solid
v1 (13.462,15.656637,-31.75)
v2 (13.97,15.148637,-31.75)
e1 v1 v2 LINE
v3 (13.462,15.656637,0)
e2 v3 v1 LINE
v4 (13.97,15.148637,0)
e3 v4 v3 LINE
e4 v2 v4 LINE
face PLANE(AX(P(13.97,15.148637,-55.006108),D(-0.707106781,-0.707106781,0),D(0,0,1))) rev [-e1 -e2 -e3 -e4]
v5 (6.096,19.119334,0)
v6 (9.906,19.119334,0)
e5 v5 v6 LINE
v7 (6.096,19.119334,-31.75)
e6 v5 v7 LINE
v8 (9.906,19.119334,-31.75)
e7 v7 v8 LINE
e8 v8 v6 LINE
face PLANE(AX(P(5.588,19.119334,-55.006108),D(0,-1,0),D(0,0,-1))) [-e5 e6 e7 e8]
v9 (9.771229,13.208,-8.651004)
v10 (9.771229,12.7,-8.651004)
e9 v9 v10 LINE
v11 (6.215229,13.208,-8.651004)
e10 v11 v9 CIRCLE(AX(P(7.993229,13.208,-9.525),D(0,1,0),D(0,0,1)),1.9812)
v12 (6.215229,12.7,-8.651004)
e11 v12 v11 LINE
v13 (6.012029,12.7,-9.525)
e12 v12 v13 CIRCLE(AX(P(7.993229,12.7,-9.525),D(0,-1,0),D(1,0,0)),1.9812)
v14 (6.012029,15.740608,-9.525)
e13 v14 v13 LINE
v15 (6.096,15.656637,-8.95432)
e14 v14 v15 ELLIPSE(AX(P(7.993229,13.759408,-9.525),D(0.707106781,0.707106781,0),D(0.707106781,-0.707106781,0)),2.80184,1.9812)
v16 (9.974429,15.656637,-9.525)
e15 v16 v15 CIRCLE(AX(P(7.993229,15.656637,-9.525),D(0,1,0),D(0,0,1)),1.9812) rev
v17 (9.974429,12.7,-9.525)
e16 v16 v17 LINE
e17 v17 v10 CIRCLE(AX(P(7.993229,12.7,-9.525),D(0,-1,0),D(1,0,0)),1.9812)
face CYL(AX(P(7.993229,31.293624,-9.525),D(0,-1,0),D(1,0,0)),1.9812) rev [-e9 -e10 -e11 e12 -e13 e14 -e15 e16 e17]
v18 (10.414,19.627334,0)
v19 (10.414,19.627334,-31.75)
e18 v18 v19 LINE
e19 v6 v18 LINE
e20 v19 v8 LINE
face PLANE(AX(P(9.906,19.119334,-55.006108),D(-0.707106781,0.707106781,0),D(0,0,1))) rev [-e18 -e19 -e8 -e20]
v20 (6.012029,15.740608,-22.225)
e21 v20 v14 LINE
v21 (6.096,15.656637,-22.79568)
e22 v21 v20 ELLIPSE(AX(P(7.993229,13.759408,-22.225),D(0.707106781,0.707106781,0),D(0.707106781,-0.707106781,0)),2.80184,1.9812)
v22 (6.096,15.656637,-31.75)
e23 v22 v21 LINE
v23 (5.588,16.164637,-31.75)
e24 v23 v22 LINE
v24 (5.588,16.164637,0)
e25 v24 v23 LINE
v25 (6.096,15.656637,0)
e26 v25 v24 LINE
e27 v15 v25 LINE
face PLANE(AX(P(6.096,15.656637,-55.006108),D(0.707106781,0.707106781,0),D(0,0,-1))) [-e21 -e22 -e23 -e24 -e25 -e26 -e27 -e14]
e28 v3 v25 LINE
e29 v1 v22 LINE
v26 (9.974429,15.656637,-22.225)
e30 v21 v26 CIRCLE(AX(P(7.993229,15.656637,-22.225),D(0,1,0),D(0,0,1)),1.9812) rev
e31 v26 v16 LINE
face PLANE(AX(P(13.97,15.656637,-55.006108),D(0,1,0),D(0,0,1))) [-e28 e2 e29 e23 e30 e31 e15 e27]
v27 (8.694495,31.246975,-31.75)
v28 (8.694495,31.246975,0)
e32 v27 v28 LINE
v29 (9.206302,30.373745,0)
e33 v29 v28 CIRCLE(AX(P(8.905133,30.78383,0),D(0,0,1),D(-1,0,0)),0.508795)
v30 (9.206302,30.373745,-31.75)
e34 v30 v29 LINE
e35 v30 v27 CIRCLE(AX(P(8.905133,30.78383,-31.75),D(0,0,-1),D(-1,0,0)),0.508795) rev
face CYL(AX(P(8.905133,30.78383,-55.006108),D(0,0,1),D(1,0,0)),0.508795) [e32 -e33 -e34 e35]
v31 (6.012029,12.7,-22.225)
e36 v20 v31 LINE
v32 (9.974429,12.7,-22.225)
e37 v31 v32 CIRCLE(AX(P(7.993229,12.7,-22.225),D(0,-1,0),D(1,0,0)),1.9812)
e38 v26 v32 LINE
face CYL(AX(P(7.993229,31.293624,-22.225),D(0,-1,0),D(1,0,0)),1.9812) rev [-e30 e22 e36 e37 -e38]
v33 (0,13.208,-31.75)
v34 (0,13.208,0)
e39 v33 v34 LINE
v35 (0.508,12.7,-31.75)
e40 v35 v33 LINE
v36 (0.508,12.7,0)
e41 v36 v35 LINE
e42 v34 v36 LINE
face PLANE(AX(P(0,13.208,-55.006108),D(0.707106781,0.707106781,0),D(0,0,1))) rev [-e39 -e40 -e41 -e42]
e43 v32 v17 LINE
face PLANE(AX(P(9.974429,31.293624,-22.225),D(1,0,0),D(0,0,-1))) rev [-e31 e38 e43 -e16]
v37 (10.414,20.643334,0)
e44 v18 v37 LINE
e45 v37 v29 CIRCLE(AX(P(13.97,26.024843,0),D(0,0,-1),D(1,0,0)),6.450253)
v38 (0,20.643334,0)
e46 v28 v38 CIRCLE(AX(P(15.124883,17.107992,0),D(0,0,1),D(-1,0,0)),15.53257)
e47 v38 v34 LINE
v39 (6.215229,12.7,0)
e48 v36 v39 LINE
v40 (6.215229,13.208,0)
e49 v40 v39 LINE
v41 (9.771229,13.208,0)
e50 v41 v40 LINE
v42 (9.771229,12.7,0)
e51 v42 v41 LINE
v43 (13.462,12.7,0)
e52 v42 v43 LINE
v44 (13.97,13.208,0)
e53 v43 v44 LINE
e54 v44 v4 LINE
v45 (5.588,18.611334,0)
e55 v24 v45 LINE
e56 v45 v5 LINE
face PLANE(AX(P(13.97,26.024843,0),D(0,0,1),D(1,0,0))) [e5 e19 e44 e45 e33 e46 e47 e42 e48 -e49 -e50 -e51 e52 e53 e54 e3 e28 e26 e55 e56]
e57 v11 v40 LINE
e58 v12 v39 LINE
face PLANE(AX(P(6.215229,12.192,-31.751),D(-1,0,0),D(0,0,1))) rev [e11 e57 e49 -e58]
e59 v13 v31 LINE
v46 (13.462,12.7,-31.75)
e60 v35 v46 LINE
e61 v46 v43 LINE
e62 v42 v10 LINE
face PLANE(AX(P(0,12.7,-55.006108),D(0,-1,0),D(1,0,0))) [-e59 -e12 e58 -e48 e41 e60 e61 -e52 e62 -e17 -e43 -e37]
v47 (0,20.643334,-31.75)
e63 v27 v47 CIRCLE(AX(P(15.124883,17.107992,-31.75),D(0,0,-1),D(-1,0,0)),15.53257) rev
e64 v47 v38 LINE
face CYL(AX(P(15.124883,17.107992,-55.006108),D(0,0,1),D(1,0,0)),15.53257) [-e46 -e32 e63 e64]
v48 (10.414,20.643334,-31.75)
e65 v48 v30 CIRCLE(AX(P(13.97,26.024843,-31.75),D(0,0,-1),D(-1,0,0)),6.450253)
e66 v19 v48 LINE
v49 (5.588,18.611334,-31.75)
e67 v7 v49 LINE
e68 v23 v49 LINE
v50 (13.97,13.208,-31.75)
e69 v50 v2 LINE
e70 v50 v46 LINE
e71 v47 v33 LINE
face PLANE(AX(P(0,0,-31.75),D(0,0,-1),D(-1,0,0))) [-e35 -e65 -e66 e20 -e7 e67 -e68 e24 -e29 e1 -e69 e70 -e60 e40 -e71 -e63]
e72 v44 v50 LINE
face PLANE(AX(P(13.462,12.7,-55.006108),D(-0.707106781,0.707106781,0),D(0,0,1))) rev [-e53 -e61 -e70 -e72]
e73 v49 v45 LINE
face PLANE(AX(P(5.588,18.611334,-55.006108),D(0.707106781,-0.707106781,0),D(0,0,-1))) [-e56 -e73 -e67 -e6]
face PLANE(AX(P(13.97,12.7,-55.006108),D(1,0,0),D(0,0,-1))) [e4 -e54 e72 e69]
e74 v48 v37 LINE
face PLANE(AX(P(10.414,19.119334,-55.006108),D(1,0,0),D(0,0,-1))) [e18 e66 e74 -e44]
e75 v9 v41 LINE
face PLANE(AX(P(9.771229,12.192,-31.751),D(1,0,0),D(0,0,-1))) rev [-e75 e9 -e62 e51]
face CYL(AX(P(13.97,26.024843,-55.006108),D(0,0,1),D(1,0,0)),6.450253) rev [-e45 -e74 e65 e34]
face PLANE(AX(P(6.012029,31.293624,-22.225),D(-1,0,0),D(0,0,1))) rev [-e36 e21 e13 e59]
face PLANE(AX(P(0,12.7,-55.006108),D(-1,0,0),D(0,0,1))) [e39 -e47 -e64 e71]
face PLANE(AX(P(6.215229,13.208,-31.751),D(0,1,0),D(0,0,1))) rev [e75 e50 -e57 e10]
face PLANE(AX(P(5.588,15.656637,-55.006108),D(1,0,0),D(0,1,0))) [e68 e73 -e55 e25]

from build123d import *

# Parameters (mm, degrees)
BOSS_EXTRUDE1_DEPTH     = 31.75
CHAMFER1_SIZE           = 0.508
BOSS_EXTRUDE2_DEPTH     = 2.956637053
CUT_EXTRUDE1_REACH      = 41.356
CUT_EXTRUDE2_REACH      = 48.717
CUT_EXTRUDE2_END_RADIUS = 1.9812
SKETCH7_W               = 3.556
SKETCH7_H               = 1.016


with BuildPart() as part:
    # Sketch1 → Boss-Extrude1 (new body)
    with BuildSketch(Plane.XY):
        with BuildLine():
            Line((0, 12.7), (13.97, 12.7))
            Line((13.97, 12.7), (13.97, 15.656637053))
            Line((13.97, 15.656637053), (5.588, 15.656637053))
            Line((5.588, 15.656637053), (5.588, 19.119334391))
            Line((5.588, 19.119334391), (10.414, 19.119334391))
            Line((10.414, 19.119334391), (10.414, 20.643334391))
            ThreePointArc((10.414, 20.643334391), (7.568862019, 25.230360252), (9.20630181, 30.373745063))
            ThreePointArc((9.20630181, 30.373745063), (9.344088063, 31.041104373), (8.694495233, 31.246974853))
            ThreePointArc((8.694495233, 31.246974853), (3.113774689, 26.956545429), (0, 20.643334391))
            Line((0, 20.643334391), (0, 12.7))
        make_face()
    extrude(amount=-BOSS_EXTRUDE1_DEPTH)

    # Chamfer1
    chamfer1_edges = [part.edges().sort_by_distance(p)[0] for p in [
        (0, 12.7, -15.875),
        (13.97, 12.7, -15.875),
        (13.97, 15.656637053, -15.875),
        (5.588, 15.656637053, -15.875),
        (5.588, 19.119334391, -15.875),
        (10.414, 19.119334391, -15.875),
    ]]
    chamfer(chamfer1_edges, length=CHAMFER1_SIZE)

    # Sketch4 → Boss-Extrude2 (add)
    with BuildSketch(Plane.XZ.offset(-12.7)):
        with BuildLine():
            Line((6.012029018, -22.225), (6.012029018, -9.525))
            ThreePointArc((6.012029018, -9.525), (7.993229018, -7.5438), (9.974429018, -9.525))
            Line((9.974429018, -9.525), (9.974429018, -22.225))
            ThreePointArc((9.974429018, -22.225), (7.993229018, -24.2062), (6.012029018, -22.225))
        make_face()
    extrude(amount=-BOSS_EXTRUDE2_DEPTH)

    # Sketch5 → Cut-Extrude1 (cut, up to next)
    with BuildSketch(Plane.XZ.offset(-12.7), mode=Mode.PRIVATE) as cut_extrude1_sk1:
        with BuildLine():
            Line((6.012029018, -22.225), (6.012029018, -9.525))
            ThreePointArc((6.012029018, -9.525), (7.993229018, -7.5438), (9.974429018, -9.525))
            Line((9.974429018, -9.525), (9.974429018, -22.225))
            ThreePointArc((9.974429018, -22.225), (7.993229018, -24.2062), (6.012029018, -22.225))
        make_face()
    cut_extrude1_tool1 = extrude(cut_extrude1_sk1.sketch, amount=-CUT_EXTRUDE1_REACH, mode=Mode.PRIVATE) & part.part
    add(cut_extrude1_tool1.solids().sort_by_distance((7.993229, 12.7, -15.875))[0], mode=Mode.SUBTRACT)

    # Cut-Extrude2: up to this cylinder (the profile starts outside it)
    cut_extrude2_end = Plane(origin=(7.993229018, 12.7, -9.525), z_dir=(0, -1, 0)) * Cylinder(CUT_EXTRUDE2_END_RADIUS, 102.3964, mode=Mode.PRIVATE)
    # Sketch7 → Cut-Extrude2 (cut, up to the surface)
    with BuildSketch(Plane.XY, mode=Mode.PRIVATE) as cut_extrude2_sk1:
        with Locations((7.993229018, 12.7)):
            Rectangle(SKETCH7_W, SKETCH7_H)
    cut_extrude2_tool1 = extrude(cut_extrude2_sk1.sketch, amount=-CUT_EXTRUDE2_REACH, mode=Mode.PRIVATE) - cut_extrude2_end
    add(cut_extrude2_tool1.solids().sort_by_distance((7.993229, 12.7, 0))[0], mode=Mode.SUBTRACT)


solid = part.part
